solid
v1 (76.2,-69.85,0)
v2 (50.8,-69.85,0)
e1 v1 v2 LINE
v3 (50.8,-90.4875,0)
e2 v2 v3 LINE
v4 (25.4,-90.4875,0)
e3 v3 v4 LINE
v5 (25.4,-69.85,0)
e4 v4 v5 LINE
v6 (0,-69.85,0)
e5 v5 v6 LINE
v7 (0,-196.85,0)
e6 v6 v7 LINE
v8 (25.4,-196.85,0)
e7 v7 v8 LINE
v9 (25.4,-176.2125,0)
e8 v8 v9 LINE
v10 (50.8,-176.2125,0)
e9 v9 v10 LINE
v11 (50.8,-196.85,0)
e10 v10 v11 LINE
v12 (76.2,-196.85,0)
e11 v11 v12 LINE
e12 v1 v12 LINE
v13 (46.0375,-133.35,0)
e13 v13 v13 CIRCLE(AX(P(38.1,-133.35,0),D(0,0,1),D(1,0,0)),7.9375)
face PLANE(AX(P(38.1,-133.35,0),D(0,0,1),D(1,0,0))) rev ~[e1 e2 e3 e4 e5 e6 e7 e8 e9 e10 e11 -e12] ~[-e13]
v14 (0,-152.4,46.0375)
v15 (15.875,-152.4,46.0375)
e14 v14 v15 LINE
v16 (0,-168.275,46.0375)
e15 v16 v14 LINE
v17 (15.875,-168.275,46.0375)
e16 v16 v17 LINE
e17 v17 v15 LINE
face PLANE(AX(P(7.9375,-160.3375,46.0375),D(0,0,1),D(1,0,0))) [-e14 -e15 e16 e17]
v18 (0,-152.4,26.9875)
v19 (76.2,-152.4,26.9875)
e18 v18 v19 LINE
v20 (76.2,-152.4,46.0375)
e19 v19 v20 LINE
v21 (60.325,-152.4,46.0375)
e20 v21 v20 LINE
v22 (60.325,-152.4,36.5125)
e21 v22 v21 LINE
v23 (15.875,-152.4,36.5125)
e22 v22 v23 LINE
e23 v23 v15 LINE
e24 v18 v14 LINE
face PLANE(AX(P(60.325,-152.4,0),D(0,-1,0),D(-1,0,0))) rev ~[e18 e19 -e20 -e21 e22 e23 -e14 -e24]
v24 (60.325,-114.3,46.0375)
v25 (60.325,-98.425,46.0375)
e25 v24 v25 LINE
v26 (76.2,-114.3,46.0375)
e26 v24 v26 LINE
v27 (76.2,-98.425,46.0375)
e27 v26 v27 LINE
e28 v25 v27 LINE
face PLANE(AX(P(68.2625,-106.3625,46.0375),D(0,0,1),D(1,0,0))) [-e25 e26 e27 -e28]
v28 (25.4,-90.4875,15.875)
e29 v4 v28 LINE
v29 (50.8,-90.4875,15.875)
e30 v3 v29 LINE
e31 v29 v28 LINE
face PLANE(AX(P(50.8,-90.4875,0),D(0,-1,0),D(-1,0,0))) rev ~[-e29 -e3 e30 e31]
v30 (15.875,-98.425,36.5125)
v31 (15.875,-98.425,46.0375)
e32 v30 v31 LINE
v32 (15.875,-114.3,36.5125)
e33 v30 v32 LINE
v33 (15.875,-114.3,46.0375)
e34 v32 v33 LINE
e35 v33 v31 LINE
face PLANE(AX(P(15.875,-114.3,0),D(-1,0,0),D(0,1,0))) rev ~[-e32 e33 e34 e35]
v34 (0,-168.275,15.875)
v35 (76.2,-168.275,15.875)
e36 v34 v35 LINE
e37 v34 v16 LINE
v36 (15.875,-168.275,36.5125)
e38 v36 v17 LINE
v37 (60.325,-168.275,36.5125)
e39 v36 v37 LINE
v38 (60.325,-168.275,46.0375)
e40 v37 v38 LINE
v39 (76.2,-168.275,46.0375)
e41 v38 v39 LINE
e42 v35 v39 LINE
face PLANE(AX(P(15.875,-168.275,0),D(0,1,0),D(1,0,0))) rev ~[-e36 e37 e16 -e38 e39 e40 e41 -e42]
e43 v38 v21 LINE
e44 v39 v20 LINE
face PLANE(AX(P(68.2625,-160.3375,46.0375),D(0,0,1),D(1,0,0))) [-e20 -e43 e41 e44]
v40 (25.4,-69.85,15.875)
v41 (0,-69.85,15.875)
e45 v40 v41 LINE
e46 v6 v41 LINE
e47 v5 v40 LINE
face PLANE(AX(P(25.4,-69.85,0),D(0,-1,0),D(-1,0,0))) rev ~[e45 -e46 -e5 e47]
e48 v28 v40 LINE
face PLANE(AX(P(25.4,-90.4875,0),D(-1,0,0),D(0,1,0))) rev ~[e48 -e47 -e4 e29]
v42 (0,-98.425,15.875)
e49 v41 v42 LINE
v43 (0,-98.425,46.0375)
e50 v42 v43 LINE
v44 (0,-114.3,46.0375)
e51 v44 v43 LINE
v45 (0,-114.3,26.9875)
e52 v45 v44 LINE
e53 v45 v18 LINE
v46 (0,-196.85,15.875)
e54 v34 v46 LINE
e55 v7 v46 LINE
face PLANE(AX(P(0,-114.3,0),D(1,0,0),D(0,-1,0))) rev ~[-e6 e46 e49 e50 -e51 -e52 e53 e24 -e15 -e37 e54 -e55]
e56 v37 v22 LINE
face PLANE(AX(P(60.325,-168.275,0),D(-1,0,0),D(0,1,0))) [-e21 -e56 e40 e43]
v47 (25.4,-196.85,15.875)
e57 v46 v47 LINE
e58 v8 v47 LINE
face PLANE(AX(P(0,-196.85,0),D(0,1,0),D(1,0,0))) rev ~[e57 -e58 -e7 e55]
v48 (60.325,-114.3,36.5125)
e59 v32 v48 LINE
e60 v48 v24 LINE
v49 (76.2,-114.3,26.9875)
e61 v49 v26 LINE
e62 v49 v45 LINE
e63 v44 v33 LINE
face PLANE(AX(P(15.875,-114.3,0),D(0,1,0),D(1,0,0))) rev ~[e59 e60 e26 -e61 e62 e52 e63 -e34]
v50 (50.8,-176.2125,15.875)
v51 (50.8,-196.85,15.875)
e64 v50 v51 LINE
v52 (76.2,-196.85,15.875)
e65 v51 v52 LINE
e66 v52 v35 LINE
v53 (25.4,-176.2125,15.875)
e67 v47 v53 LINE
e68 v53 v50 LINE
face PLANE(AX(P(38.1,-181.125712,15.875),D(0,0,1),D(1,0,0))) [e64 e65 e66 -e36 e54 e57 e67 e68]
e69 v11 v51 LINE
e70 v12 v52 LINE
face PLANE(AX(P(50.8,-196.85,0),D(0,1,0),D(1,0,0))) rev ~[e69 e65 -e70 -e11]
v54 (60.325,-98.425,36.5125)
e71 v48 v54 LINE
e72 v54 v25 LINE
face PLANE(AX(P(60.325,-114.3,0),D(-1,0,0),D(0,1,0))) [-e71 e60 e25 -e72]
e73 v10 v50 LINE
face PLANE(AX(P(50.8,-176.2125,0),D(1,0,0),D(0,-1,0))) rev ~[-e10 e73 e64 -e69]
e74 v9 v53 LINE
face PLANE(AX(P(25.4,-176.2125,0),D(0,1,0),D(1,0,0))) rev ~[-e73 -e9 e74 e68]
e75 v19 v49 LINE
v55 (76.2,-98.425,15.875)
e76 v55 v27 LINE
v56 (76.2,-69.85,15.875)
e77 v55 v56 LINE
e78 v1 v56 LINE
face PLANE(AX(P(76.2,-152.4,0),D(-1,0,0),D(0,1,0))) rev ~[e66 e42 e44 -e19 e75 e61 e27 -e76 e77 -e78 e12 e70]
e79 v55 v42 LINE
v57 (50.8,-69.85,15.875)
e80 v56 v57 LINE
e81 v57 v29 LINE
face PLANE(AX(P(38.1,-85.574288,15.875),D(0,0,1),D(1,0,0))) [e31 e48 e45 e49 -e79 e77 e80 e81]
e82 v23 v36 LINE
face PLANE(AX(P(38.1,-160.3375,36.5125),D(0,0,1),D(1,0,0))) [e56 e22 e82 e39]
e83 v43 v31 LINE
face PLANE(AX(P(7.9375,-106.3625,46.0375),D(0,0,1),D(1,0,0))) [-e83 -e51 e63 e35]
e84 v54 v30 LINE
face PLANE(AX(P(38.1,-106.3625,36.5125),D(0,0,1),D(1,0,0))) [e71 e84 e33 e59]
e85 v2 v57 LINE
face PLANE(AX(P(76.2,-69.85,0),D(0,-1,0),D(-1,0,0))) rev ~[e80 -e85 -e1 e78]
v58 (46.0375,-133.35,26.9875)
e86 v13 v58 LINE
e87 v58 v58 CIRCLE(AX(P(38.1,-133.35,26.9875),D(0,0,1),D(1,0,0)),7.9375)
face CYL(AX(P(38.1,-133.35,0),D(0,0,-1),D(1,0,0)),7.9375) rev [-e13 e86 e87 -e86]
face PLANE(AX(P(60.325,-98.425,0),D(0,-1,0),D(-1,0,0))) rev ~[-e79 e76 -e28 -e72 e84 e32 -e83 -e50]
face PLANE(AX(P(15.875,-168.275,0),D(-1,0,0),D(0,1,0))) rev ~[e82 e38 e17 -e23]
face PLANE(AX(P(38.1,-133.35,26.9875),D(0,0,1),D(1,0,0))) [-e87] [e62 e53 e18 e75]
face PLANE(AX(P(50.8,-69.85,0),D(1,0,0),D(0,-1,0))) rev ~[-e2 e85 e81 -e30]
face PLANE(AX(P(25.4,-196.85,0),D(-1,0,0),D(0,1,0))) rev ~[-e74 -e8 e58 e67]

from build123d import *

# Parameters (mm, degrees)
F1_DEPTH  = 31.75
F0_W      = 31.75
F0_H      = 31.75
F2_DEPTH  = 92.075
F3_DEPTH  = 92.075
F4_DEPTH  = 92.075
F5_DEPTH  = 92.075
F6_DEPTH  = 31.75
F7_DEPTH  = 73.025
F8_DEPTH  = 73.025
F0_R      = 15.875
F9_DEPTH  = 53.975
F10_DEPTH = 6.35
F11_SCALE = 0.5


with BuildPart() as f1:
    # F0 (on Top) → F1 (new body)
    with BuildSketch(Plane.XY):
        Polygon((25.4, 15.875), (0, 15.875), (-25.4, 15.875), (-25.4, 57.15), (-76.2, 57.15), (-76.2, 0), (-44.45, 0), (0, 0), (44.45, 0), (76.2, 0), (76.2, 57.15), (25.4, 57.15), align=None)
    extrude(amount=F1_DEPTH)

    # F0 (on Top) → F2 (join)
    with BuildSketch(Plane.XY):
        with Locations((-60.325, -15.875)):
            Rectangle(F0_W, F0_H)
    extrude(amount=F2_DEPTH)

    # F0 (on Top) → F3 (join)
    with BuildSketch(Plane.XY):
        with Locations((60.325, -15.875)):
            Rectangle(F0_W, F0_H)
    extrude(amount=F3_DEPTH)

    # F0 (on Top) → F8 (join)
    with BuildSketch(Plane.XY):
        Polygon((0, 0), (-44.45, 0), (-44.45, -31.75), (44.45, -31.75), (44.45, 0), align=None)
    extrude(amount=F8_DEPTH)



with BuildPart() as f4:
    # F0 (on Top) → F4 (new body)
    with BuildSketch(Plane.XY):
        with Locations((-60.325, -123.825)):
            Rectangle(F0_W, F0_H)
    extrude(amount=F4_DEPTH)



with BuildPart() as f5:
    # F0 (on Top) → F5 (new body)
    with BuildSketch(Plane.XY):
        with Locations((60.325, -123.825)):
            Rectangle(F0_W, F0_H)
    extrude(amount=F5_DEPTH)


with BuildPart() as f4_1:
    add(f4.part)

    add(f5.part)  # F6 merges F5
    # F0 (on Top) → F6 (join)
    with BuildSketch(Plane.XY):
        Polygon((-44.45, -139.7), (-76.2, -139.7), (-76.2, -196.85), (-25.4, -196.85), (-25.4, -155.575), (0, -155.575), (25.4, -155.575), (25.4, -196.85), (76.2, -196.85), (76.2, -139.7), (44.45, -139.7), (0, -139.7), align=None)
    extrude(amount=F6_DEPTH)

    # F0 (on Top) → F7 (join)
    with BuildSketch(Plane.XY):
        Polygon((44.45, -107.95), (-44.45, -107.95), (-44.45, -139.7), (0, -139.7), (44.45, -139.7), align=None)
    extrude(amount=F7_DEPTH)


with BuildPart() as f1_1:
    add(f1.part)

    add(f4_1.part)  # F9 merges F4
    # F0 (on Top) → F9 (join)
    with BuildSketch(Plane.XY):
        Polygon((-44.45, -31.75), (-76.2, -31.75), (-76.2, -69.85), (-76.2, -107.95), (-44.45, -107.95), (44.45, -107.95), (76.2, -107.95), (76.2, -69.85), (76.2, -31.75), (44.45, -31.75), align=None)
        with Locations((0, -69.85)):
            Circle(F0_R, mode=Mode.SUBTRACT)
    extrude(amount=F9_DEPTH)

    # F0 (on Top) → F10 (cut)
    with BuildSketch(Plane.XY):
        with Locations((0, -69.85)):
            Circle(F0_R)
    extrude(amount=-F10_DEPTH, mode=Mode.SUBTRACT)


with BuildPart() as f1_2:
    # F11: moved
    add(f1_1.part.scale(F11_SCALE).moved(Location((38.1, -98.425, 0))))


solid = f1_2.part
